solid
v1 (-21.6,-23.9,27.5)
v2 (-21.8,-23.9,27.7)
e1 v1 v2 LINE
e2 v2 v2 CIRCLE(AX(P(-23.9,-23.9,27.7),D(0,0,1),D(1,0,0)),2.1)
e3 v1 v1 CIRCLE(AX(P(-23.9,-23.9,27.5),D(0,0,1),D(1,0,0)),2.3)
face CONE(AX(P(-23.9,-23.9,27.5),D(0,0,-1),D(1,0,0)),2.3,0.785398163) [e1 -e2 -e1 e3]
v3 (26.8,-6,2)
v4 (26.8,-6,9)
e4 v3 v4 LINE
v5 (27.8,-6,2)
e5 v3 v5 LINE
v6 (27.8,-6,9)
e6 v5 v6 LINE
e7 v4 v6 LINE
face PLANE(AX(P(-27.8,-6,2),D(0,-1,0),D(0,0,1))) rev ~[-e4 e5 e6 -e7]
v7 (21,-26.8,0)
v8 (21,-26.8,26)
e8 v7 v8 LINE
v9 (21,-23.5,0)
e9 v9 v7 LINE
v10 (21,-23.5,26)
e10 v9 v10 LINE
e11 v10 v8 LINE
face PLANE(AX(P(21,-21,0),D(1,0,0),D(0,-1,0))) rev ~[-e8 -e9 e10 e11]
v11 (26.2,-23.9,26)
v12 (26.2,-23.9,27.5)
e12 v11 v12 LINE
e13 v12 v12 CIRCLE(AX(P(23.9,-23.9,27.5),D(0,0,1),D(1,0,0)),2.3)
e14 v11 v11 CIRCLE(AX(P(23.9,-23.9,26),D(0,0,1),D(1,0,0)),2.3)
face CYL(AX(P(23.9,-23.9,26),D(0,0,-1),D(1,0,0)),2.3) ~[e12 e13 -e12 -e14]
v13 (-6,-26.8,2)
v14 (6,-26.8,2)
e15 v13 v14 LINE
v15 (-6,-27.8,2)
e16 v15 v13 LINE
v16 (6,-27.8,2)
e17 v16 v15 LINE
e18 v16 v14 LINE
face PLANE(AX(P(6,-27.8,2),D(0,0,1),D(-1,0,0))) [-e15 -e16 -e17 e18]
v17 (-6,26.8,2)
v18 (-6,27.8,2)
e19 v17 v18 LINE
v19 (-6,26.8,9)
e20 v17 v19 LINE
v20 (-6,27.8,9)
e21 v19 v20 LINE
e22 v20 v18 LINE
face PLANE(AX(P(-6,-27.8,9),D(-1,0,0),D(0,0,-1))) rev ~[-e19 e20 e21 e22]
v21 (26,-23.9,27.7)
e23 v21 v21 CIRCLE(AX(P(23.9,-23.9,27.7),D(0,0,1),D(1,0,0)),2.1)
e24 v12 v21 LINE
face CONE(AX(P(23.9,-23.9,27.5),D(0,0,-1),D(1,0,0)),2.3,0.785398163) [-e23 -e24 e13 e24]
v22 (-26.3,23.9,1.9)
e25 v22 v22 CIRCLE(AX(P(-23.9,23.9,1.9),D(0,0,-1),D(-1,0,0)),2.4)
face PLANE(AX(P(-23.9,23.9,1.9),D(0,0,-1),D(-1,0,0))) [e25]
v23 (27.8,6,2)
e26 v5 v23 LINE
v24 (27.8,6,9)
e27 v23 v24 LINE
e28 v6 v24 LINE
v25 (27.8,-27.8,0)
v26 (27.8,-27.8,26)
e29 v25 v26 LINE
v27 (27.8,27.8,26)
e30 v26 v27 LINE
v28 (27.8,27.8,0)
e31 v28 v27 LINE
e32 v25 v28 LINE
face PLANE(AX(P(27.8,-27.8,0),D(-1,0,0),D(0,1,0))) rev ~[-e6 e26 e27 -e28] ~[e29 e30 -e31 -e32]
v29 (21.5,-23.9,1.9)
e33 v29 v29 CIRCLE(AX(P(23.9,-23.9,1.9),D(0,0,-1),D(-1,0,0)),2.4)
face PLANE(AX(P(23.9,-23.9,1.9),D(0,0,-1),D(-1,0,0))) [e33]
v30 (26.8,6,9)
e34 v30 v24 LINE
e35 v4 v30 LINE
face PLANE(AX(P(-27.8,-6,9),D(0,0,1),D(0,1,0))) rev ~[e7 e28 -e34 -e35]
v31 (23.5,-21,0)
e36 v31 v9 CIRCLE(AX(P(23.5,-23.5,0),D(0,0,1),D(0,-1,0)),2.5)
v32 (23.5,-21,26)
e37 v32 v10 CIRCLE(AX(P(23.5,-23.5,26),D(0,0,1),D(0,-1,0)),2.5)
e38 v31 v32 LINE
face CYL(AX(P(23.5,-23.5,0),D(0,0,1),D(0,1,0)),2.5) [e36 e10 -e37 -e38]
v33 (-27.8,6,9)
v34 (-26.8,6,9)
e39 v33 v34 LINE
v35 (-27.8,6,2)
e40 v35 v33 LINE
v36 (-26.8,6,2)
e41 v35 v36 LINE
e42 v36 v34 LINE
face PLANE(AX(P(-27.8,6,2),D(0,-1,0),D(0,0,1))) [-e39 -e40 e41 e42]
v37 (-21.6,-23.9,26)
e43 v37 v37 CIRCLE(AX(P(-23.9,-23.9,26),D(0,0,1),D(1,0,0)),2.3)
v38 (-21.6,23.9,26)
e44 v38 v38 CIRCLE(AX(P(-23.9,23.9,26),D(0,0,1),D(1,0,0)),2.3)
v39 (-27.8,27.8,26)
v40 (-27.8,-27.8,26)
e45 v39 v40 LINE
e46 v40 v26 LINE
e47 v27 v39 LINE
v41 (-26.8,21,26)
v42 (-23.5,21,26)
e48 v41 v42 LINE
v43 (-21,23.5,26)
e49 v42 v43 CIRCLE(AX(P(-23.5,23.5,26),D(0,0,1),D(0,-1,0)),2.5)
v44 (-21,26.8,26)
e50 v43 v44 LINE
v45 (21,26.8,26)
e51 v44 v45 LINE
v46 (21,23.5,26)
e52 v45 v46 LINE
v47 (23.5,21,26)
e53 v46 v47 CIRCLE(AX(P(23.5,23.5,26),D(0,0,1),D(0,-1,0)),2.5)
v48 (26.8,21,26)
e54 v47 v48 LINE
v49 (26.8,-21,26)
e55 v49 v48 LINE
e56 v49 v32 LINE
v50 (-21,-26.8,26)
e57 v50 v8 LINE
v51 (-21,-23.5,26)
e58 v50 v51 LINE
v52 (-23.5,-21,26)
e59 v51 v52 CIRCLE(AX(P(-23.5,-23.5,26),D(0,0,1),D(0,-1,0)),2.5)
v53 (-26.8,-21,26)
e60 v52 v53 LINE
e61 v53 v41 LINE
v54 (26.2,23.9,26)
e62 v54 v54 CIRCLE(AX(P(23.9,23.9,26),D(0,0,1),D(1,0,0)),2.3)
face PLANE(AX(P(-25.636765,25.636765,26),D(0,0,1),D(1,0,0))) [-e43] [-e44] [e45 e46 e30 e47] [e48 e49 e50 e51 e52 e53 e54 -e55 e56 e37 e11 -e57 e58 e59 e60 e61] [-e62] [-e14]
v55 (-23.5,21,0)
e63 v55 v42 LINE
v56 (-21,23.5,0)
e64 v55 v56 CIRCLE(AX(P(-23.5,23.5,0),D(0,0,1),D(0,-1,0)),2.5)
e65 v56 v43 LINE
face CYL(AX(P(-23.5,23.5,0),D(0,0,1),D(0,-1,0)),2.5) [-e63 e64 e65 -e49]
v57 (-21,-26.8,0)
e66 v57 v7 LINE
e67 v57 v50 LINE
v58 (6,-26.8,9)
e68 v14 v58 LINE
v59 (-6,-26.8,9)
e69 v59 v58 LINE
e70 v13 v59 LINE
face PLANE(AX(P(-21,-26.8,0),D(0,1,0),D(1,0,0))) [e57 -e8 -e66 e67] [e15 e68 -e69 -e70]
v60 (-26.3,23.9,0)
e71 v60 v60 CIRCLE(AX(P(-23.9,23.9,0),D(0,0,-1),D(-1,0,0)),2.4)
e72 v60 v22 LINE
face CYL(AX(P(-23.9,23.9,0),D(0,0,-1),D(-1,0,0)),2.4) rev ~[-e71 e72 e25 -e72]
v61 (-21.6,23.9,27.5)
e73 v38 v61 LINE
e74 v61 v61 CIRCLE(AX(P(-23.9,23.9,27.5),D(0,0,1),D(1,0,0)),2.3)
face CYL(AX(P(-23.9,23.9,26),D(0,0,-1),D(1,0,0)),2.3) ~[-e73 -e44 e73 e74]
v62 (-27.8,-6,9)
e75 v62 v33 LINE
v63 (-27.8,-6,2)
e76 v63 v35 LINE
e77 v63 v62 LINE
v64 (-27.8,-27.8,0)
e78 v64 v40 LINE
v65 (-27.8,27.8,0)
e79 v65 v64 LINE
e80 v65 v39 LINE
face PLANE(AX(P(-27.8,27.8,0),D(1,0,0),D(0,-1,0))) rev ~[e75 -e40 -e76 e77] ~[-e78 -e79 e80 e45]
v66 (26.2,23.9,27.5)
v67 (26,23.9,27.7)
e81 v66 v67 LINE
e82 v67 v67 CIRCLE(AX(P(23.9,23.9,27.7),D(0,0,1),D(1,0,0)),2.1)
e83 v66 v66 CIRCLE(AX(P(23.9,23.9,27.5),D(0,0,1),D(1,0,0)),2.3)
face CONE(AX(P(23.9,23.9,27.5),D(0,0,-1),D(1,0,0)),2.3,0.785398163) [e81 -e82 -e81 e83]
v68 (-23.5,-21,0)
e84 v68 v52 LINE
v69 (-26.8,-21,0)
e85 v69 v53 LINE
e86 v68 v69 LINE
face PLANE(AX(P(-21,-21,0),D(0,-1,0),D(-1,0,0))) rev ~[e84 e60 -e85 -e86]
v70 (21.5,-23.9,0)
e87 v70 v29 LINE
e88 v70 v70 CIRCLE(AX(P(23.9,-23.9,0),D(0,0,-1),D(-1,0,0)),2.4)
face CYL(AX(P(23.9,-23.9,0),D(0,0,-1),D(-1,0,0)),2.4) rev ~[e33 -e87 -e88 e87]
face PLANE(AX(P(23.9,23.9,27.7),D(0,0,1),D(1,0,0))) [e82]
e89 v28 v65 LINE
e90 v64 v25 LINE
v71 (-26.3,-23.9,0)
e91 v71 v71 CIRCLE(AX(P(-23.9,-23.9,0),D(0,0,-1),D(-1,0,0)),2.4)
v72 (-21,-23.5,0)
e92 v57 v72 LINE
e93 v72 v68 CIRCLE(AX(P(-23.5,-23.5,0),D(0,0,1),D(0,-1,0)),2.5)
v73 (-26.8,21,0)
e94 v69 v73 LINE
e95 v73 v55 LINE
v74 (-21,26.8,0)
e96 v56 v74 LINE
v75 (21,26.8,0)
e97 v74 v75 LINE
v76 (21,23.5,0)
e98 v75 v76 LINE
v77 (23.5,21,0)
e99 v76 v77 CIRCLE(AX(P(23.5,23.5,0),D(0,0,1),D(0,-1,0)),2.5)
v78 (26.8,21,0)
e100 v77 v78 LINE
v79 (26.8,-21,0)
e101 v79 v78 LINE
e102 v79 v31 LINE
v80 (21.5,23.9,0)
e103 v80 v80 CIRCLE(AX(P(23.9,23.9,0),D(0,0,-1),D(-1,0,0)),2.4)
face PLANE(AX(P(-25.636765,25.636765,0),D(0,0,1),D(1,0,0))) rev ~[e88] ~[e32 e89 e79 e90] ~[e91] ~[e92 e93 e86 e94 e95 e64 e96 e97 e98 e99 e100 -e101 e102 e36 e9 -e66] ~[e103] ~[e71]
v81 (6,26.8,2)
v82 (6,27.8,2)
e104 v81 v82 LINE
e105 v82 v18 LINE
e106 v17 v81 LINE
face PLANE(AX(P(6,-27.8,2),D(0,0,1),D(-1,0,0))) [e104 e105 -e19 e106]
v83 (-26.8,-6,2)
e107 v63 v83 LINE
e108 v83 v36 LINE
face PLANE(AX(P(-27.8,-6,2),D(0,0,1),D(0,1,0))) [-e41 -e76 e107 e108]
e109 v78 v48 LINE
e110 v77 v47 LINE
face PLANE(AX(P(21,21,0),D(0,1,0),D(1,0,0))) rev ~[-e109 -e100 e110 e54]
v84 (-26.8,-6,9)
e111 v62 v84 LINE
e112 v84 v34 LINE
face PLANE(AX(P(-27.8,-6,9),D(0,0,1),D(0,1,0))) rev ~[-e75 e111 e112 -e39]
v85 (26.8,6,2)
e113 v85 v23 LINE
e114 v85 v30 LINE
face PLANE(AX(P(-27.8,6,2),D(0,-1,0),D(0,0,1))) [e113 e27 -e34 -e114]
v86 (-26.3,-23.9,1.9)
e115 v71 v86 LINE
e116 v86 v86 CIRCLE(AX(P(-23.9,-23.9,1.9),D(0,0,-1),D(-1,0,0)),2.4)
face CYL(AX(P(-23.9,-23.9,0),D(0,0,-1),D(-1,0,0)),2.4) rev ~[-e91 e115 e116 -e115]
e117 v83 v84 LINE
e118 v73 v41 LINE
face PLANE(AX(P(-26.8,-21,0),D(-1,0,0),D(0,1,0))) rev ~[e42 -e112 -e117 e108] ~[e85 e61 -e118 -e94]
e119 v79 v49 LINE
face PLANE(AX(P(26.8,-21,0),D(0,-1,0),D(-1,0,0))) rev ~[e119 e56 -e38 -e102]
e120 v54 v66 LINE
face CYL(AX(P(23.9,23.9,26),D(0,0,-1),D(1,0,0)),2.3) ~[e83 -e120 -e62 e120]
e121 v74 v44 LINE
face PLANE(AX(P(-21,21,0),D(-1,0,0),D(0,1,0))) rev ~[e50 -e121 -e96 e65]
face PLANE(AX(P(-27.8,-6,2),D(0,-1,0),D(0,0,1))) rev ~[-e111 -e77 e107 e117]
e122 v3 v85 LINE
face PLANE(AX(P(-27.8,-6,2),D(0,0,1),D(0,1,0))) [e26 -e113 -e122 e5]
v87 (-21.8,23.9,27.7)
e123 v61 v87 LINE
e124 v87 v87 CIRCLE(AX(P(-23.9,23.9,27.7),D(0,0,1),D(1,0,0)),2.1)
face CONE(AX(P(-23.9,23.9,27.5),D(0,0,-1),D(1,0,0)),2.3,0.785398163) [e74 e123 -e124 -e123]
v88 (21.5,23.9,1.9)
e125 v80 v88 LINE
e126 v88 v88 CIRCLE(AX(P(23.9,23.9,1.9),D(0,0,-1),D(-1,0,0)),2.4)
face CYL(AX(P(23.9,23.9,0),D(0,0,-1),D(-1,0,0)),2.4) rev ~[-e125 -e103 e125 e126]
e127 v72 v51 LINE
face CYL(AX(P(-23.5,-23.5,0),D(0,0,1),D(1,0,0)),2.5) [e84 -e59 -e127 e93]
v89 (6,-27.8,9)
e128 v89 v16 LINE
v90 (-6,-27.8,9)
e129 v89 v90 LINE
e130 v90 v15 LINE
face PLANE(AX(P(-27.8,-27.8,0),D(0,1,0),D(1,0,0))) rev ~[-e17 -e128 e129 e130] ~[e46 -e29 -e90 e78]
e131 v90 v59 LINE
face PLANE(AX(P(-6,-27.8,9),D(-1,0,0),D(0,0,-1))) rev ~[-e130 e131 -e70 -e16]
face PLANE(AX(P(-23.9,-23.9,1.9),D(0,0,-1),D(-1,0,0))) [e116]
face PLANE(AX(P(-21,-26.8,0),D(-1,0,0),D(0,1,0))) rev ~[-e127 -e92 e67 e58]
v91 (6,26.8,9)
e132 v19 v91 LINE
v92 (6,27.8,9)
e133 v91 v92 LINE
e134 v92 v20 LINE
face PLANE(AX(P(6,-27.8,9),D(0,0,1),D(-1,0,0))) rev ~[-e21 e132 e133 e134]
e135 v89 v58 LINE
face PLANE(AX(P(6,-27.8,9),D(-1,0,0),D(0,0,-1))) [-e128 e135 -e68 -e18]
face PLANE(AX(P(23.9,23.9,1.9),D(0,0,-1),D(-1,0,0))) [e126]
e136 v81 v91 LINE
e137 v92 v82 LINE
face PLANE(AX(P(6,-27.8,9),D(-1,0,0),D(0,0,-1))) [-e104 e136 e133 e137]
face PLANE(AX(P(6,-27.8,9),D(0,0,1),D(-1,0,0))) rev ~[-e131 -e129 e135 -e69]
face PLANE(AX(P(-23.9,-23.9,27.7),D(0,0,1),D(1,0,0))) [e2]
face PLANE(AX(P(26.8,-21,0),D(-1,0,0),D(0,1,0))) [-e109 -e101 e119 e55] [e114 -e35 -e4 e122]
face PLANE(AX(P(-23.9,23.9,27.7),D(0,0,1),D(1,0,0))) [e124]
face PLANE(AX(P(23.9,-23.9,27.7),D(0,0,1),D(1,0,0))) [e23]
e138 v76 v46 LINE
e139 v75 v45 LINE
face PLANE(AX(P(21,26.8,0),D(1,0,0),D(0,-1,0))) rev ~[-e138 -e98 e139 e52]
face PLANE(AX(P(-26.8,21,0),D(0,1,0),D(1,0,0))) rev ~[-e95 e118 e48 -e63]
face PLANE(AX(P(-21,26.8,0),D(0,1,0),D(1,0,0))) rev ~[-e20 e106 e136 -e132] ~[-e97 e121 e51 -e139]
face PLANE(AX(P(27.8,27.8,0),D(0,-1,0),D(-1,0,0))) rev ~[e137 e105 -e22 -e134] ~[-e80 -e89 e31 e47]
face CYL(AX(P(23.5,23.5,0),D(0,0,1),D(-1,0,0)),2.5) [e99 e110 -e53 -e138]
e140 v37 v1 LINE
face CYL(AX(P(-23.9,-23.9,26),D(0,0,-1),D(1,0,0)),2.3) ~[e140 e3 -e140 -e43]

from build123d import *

# Parameters (mm, degrees)
SKICA1_W                 = 5.8
SKICA1_H                 = 5.8
SKICA1_W_2               = 1
SKICA1_H_2               = 42
SKICA1_W_3               = 42
SKICA1_H_3               = 1
P_IDAT_VYSUNUT_M2_DEPTH  = 26
ZAOBLIT1_R               = 2.5
SKICA2_R                 = 2.4
ODEBRAT_VYSUNUT_M1_DEPTH = 1.9
SKICA3_R                 = 2.3
P_IDAT_VYSUNUT_M3_DEPTH  = 1.7
ZKOSEN_1_SIZE            = 0.2
SKICA4_W                 = 12
SKICA4_H                 = 7
ODEBRAT_VYSUNUT_M2_DEPTH = 68.7
SKICA5_W                 = 7
SKICA5_H                 = 12
ODEBRAT_VYSUNUT_M3_DEPTH = 55.6


with BuildPart() as part:
    # Skica1 → Přidat vysunutím2 (new body)
    with BuildSketch(Plane.XY):
        Polygon((-27.8, 27.8), (-27.8, 21), (-26.8, 21), (-26.8, 26.8), (-21, 26.8), (-21, 27.8), align=None)
        with Locations((-23.9, 23.9)):
            Rectangle(SKICA1_W, SKICA1_H)
        Polygon((26.8, 21), (27.8, 21), (27.8, 27.8), (21, 27.8), (21, 26.8), (26.8, 26.8), align=None)
        with Locations((23.9, 23.9)):
            Rectangle(SKICA1_W, SKICA1_H)
        Polygon((21, -26.8), (21, -27.8), (27.8, -27.8), (27.8, -21), (26.8, -21), (26.8, -26.8), align=None)
        with Locations((23.9, -23.9)):
            Rectangle(SKICA1_W, SKICA1_H)
        with Locations((-23.9, -23.9)):
            Rectangle(SKICA1_W, SKICA1_H)
        Polygon((-27.8, -27.8), (-21, -27.8), (-21, -26.8), (-26.8, -26.8), (-26.8, -21), (-27.8, -21), align=None)
        with Locations((-27.3, 0)):
            Rectangle(SKICA1_W_2, SKICA1_H_2)
        with Locations((0, -27.3)):
            Rectangle(SKICA1_W_3, SKICA1_H_3)
        with Locations((27.3, 0)):
            Rectangle(SKICA1_W_2, SKICA1_H_2)
        with Locations((0, 27.3)):
            Rectangle(SKICA1_W_3, SKICA1_H_3)
    extrude(amount=P_IDAT_VYSUNUT_M2_DEPTH)

    # Zaoblit1
    zaoblit1_edges = [part.edges().sort_by_distance(p)[0] for p in [
        (21, -21, 13),
        (21, 21, 13),
        (-21, 21, 13),
        (-21, -21, 13),
    ]]
    fillet(zaoblit1_edges, radius=ZAOBLIT1_R)

    # Skica2 → Odebrat vysunutím1 (cut)
    with BuildSketch(Plane(origin=(0, 0, 0), x_dir=(-1, 0, 0), z_dir=(0, 0, -1))):
        with Locations((-23.9, 23.9)):
            Circle(SKICA2_R)
        with Locations((23.9, 23.9)):
            Circle(SKICA2_R)
        with Locations((23.9, -23.9)):
            Circle(SKICA2_R)
        with Locations((-23.9, -23.9)):
            Circle(SKICA2_R)
    extrude(amount=-ODEBRAT_VYSUNUT_M1_DEPTH, mode=Mode.SUBTRACT)

    # Skica3 → Přidat vysunutím3 (add)
    with BuildSketch(Plane.XY.offset(26)):
        with Locations((-23.9, 23.9)):
            Circle(SKICA3_R)
        with Locations((23.9, 23.9)):
            Circle(SKICA3_R)
        with Locations((23.9, -23.9)):
            Circle(SKICA3_R)
        with Locations((-23.9, -23.9)):
            Circle(SKICA3_R)
    extrude(amount=P_IDAT_VYSUNUT_M3_DEPTH)

    # Zkosení1
    zkosen_1_edges = [part.edges().sort_by_distance(p)[0] for p in [
        (-26.2, 23.9, 27.7),
        (21.6, 23.9, 27.7),
        (21.6, -23.9, 27.7),
        (-26.2, -23.9, 27.7),
    ]]
    chamfer(zkosen_1_edges, length=ZKOSEN_1_SIZE)

    # Skica4 → Odebrat vysunutím2 (cut)
    with BuildSketch(Plane(origin=(0, -27.8, 0), x_dir=(-1, 0, 0), z_dir=(0, -1, 0))):
        with Locations((0, -5.5)):
            Rectangle(SKICA4_W, SKICA4_H)
    extrude(amount=-ODEBRAT_VYSUNUT_M2_DEPTH, mode=Mode.SUBTRACT)

    # Skica5 → Odebrat vysunutím3 (cut)
    with BuildSketch(Plane.ZY.offset(27.8)):
        with Locations((5.5, 0)):
            Rectangle(SKICA5_W, SKICA5_H)
    extrude(amount=-ODEBRAT_VYSUNUT_M3_DEPTH, mode=Mode.SUBTRACT)


solid = part.part
